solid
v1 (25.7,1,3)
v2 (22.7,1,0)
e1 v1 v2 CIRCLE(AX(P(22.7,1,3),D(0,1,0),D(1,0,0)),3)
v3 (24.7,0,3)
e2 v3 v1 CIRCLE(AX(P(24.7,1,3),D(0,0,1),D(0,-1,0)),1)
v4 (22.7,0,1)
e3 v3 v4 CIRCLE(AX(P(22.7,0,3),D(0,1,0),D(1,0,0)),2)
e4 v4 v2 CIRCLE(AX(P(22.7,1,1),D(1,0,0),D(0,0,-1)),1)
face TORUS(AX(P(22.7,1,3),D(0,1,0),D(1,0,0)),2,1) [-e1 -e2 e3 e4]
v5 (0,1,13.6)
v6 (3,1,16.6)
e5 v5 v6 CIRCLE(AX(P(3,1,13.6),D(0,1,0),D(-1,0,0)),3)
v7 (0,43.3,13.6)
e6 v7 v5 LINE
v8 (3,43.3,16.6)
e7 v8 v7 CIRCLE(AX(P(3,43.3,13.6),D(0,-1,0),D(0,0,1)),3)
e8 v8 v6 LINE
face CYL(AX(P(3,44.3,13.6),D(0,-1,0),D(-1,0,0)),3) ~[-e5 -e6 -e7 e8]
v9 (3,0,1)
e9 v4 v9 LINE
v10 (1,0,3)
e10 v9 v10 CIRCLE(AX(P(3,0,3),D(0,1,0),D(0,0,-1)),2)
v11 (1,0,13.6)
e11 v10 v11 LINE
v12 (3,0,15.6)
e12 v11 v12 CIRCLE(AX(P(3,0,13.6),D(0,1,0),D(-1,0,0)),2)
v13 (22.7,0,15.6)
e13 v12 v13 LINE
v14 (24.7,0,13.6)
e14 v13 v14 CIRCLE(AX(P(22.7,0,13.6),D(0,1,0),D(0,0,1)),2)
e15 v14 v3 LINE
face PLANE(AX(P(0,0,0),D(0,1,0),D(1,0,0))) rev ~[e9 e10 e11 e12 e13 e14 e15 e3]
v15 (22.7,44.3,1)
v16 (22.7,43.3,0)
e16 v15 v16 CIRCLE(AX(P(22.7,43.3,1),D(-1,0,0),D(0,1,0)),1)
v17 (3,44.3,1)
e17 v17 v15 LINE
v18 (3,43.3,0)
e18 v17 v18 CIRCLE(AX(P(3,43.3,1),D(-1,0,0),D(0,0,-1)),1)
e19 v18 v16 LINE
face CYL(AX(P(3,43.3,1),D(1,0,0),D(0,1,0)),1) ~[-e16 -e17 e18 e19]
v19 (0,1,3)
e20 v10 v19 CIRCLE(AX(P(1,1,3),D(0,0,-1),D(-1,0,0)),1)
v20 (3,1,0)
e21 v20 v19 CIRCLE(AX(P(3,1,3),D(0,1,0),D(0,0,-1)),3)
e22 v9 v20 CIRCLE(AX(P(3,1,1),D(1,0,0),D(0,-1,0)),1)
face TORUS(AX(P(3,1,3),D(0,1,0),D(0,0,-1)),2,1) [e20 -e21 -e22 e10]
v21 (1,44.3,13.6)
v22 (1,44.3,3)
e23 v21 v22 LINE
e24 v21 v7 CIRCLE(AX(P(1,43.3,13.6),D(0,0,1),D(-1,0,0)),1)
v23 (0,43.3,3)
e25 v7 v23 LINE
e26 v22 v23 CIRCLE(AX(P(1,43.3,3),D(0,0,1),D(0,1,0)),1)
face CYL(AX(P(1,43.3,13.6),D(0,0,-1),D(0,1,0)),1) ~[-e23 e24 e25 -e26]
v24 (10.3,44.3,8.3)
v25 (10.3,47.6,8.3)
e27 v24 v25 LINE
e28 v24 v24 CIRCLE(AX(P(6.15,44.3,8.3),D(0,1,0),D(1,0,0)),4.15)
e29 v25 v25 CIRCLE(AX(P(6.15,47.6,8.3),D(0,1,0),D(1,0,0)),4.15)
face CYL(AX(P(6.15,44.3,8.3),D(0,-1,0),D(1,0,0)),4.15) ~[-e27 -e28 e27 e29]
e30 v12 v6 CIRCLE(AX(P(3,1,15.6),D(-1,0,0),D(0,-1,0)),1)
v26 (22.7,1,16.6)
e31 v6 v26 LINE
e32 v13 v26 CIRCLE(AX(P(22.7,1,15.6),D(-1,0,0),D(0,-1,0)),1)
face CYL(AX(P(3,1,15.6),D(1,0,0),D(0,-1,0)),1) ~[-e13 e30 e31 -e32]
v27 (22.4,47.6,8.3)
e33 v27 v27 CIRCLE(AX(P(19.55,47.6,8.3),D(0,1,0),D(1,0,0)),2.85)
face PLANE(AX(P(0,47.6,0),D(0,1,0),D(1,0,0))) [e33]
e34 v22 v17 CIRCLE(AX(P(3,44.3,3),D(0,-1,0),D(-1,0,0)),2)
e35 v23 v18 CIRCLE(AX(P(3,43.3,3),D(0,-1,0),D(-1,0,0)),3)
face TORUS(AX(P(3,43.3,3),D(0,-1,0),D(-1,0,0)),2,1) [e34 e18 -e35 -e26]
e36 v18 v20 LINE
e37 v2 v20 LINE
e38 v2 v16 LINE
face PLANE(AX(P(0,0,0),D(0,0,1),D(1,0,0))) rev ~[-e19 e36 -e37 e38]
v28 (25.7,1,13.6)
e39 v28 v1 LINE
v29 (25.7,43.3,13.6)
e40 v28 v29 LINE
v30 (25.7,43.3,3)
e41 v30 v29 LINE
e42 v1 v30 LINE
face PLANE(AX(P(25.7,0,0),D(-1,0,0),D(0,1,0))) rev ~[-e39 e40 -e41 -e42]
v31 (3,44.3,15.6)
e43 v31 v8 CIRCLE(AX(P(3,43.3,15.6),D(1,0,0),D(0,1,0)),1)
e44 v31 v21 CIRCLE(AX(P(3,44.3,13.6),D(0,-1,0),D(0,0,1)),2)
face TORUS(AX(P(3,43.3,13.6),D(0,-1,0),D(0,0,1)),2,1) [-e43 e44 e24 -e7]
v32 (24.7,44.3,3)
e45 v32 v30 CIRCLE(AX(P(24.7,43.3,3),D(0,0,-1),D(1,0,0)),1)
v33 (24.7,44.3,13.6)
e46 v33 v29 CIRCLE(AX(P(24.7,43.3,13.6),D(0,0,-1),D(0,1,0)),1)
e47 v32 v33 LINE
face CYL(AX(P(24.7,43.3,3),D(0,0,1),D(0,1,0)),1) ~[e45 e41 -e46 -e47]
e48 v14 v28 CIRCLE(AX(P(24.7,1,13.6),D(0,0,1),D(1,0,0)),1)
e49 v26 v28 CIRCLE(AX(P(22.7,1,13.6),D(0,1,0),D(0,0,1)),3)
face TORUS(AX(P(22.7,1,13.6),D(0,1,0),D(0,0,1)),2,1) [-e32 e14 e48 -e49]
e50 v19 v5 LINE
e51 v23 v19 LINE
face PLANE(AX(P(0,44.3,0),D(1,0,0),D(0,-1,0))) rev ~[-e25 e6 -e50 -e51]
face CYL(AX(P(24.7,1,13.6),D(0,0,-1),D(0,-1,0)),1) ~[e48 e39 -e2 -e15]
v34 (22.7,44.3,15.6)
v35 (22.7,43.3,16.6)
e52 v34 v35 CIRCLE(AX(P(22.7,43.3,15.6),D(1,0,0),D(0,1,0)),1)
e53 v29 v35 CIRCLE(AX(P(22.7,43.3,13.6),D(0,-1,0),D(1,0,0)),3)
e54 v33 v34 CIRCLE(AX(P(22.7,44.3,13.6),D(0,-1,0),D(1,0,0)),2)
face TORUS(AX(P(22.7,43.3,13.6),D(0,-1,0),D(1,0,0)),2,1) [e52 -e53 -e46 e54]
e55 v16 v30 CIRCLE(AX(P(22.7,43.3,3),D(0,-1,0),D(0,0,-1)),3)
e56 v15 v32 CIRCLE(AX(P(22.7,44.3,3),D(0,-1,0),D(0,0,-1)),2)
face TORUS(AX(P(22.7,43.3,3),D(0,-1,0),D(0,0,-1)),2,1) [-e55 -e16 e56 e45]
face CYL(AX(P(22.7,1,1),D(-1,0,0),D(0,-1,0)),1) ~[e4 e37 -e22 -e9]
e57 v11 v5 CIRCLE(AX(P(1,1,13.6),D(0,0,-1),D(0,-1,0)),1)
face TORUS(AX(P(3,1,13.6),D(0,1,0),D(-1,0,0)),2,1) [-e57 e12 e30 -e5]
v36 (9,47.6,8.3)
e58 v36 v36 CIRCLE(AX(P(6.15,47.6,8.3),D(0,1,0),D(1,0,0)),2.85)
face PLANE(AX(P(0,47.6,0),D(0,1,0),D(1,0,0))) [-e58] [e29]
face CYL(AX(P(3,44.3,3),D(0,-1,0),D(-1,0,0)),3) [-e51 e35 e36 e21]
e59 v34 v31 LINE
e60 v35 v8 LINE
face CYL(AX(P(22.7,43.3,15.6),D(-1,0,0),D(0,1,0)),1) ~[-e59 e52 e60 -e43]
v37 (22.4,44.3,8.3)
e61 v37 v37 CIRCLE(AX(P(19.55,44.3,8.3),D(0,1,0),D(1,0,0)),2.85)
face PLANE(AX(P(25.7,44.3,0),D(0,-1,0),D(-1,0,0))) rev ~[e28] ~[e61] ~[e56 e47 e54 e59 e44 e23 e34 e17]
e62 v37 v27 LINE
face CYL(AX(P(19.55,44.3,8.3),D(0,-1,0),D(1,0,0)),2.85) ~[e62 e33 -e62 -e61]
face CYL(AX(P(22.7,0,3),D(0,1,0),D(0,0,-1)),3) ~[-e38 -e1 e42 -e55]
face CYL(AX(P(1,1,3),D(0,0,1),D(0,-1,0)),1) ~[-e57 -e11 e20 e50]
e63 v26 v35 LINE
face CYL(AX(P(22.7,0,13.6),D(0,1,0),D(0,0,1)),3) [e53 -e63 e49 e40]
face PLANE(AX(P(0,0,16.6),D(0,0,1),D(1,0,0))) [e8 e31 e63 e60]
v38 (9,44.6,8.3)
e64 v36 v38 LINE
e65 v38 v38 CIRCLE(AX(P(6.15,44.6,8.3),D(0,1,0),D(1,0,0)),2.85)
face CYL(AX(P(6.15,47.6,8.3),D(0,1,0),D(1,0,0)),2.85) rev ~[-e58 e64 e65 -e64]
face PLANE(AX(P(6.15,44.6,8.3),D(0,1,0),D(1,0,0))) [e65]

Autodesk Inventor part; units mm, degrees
ref_plane "YZ Plane" through (0, 0, 0) normal (1, 0, 0) x (0, 1, 0)
ref_plane "XZ Plane" through (0, 0, 0) normal (0, 1, 0) x (-1, 0, 0)
ref_plane "XY Plane" through (0, 0, 0) normal (0, 0, 1) x (1, 0, 0)
sketch "Sketch1" plane through (0, 0, 0) normal (0, 0, 1) x (1, 0, 0)
  line L0 (0, 0) -> (25.7, 0)
  line L1 (25.7, 0) -> (25.7, 44.3)
  line L2 (25.7, 44.3) -> (0, 44.3)
  line L3 (0, 44.3) -> (0, 0)
  dimension "d0" = 25.7
  dimension "d1" = 44.3
extrude "Extrusion1" add sketch "Sketch1" along normal blind 16.6
sketch "Sketch2" plane through (0, 44.3, 0) normal (0, 1, 0) x (1, 0, 0)
  line L0 (0, 0) -> (0, -16.6) projected
  circle A0 centre (6.15, -8.3) radius 4.15
  circle A1 centre (19.55, -8.3) radius 2.85
  dimension "d4" = 8.3
  dimension "d5" = 5.7
  dimension "d6" = 13.4
  dimension "d7" = 6.15
extrude "Extrusion2" add sketch "Sketch2" along normal blind 3.3
sketch "Sketch3" plane through (6.15, 47.6, 8.3) normal (0, 1, 0) x (1, 0, 0)
  circle A0 centre (0, 0) radius 4.15 projected
  circle A1 centre (0, 0) radius 2.85
  point P0 (-6.15, 8.3)
  dimension "d10" = 5.7
extrude "Extrusion3" cut sketch "Sketch3" against normal blind 3 contours A1
fillet "Fillet1" radius 3 4 edges at (25.7, 22.15, 16.6) (25.7, 22.15, 0) (0, 22.15, 16.6) (0, 22.15, 0)
fillet "Fillet2" radius 1 16 edges at (12.85, 44.3, 16.6) (24.8213, 44.3, 15.7213) (25.7, 44.3, 8.3) (24.8213, 44.3, 0.8787) (12.85, 44.3, 0) (0.8787, 44.3, 0.8787) (0, 44.3, 8.3) (0.8787, 44.3, 15.7213) (12.85, 0, 16.6) (0.8787, 0, 15.7213) (0, 0, 8.3) (0.8787, 0, 0.8787) (12.85, 0, 0) (24.8213, 0, 0.8787) (25.7, 0, 8.3) (24.8213, 0, 15.7213)
properties part number "Battery9V"
